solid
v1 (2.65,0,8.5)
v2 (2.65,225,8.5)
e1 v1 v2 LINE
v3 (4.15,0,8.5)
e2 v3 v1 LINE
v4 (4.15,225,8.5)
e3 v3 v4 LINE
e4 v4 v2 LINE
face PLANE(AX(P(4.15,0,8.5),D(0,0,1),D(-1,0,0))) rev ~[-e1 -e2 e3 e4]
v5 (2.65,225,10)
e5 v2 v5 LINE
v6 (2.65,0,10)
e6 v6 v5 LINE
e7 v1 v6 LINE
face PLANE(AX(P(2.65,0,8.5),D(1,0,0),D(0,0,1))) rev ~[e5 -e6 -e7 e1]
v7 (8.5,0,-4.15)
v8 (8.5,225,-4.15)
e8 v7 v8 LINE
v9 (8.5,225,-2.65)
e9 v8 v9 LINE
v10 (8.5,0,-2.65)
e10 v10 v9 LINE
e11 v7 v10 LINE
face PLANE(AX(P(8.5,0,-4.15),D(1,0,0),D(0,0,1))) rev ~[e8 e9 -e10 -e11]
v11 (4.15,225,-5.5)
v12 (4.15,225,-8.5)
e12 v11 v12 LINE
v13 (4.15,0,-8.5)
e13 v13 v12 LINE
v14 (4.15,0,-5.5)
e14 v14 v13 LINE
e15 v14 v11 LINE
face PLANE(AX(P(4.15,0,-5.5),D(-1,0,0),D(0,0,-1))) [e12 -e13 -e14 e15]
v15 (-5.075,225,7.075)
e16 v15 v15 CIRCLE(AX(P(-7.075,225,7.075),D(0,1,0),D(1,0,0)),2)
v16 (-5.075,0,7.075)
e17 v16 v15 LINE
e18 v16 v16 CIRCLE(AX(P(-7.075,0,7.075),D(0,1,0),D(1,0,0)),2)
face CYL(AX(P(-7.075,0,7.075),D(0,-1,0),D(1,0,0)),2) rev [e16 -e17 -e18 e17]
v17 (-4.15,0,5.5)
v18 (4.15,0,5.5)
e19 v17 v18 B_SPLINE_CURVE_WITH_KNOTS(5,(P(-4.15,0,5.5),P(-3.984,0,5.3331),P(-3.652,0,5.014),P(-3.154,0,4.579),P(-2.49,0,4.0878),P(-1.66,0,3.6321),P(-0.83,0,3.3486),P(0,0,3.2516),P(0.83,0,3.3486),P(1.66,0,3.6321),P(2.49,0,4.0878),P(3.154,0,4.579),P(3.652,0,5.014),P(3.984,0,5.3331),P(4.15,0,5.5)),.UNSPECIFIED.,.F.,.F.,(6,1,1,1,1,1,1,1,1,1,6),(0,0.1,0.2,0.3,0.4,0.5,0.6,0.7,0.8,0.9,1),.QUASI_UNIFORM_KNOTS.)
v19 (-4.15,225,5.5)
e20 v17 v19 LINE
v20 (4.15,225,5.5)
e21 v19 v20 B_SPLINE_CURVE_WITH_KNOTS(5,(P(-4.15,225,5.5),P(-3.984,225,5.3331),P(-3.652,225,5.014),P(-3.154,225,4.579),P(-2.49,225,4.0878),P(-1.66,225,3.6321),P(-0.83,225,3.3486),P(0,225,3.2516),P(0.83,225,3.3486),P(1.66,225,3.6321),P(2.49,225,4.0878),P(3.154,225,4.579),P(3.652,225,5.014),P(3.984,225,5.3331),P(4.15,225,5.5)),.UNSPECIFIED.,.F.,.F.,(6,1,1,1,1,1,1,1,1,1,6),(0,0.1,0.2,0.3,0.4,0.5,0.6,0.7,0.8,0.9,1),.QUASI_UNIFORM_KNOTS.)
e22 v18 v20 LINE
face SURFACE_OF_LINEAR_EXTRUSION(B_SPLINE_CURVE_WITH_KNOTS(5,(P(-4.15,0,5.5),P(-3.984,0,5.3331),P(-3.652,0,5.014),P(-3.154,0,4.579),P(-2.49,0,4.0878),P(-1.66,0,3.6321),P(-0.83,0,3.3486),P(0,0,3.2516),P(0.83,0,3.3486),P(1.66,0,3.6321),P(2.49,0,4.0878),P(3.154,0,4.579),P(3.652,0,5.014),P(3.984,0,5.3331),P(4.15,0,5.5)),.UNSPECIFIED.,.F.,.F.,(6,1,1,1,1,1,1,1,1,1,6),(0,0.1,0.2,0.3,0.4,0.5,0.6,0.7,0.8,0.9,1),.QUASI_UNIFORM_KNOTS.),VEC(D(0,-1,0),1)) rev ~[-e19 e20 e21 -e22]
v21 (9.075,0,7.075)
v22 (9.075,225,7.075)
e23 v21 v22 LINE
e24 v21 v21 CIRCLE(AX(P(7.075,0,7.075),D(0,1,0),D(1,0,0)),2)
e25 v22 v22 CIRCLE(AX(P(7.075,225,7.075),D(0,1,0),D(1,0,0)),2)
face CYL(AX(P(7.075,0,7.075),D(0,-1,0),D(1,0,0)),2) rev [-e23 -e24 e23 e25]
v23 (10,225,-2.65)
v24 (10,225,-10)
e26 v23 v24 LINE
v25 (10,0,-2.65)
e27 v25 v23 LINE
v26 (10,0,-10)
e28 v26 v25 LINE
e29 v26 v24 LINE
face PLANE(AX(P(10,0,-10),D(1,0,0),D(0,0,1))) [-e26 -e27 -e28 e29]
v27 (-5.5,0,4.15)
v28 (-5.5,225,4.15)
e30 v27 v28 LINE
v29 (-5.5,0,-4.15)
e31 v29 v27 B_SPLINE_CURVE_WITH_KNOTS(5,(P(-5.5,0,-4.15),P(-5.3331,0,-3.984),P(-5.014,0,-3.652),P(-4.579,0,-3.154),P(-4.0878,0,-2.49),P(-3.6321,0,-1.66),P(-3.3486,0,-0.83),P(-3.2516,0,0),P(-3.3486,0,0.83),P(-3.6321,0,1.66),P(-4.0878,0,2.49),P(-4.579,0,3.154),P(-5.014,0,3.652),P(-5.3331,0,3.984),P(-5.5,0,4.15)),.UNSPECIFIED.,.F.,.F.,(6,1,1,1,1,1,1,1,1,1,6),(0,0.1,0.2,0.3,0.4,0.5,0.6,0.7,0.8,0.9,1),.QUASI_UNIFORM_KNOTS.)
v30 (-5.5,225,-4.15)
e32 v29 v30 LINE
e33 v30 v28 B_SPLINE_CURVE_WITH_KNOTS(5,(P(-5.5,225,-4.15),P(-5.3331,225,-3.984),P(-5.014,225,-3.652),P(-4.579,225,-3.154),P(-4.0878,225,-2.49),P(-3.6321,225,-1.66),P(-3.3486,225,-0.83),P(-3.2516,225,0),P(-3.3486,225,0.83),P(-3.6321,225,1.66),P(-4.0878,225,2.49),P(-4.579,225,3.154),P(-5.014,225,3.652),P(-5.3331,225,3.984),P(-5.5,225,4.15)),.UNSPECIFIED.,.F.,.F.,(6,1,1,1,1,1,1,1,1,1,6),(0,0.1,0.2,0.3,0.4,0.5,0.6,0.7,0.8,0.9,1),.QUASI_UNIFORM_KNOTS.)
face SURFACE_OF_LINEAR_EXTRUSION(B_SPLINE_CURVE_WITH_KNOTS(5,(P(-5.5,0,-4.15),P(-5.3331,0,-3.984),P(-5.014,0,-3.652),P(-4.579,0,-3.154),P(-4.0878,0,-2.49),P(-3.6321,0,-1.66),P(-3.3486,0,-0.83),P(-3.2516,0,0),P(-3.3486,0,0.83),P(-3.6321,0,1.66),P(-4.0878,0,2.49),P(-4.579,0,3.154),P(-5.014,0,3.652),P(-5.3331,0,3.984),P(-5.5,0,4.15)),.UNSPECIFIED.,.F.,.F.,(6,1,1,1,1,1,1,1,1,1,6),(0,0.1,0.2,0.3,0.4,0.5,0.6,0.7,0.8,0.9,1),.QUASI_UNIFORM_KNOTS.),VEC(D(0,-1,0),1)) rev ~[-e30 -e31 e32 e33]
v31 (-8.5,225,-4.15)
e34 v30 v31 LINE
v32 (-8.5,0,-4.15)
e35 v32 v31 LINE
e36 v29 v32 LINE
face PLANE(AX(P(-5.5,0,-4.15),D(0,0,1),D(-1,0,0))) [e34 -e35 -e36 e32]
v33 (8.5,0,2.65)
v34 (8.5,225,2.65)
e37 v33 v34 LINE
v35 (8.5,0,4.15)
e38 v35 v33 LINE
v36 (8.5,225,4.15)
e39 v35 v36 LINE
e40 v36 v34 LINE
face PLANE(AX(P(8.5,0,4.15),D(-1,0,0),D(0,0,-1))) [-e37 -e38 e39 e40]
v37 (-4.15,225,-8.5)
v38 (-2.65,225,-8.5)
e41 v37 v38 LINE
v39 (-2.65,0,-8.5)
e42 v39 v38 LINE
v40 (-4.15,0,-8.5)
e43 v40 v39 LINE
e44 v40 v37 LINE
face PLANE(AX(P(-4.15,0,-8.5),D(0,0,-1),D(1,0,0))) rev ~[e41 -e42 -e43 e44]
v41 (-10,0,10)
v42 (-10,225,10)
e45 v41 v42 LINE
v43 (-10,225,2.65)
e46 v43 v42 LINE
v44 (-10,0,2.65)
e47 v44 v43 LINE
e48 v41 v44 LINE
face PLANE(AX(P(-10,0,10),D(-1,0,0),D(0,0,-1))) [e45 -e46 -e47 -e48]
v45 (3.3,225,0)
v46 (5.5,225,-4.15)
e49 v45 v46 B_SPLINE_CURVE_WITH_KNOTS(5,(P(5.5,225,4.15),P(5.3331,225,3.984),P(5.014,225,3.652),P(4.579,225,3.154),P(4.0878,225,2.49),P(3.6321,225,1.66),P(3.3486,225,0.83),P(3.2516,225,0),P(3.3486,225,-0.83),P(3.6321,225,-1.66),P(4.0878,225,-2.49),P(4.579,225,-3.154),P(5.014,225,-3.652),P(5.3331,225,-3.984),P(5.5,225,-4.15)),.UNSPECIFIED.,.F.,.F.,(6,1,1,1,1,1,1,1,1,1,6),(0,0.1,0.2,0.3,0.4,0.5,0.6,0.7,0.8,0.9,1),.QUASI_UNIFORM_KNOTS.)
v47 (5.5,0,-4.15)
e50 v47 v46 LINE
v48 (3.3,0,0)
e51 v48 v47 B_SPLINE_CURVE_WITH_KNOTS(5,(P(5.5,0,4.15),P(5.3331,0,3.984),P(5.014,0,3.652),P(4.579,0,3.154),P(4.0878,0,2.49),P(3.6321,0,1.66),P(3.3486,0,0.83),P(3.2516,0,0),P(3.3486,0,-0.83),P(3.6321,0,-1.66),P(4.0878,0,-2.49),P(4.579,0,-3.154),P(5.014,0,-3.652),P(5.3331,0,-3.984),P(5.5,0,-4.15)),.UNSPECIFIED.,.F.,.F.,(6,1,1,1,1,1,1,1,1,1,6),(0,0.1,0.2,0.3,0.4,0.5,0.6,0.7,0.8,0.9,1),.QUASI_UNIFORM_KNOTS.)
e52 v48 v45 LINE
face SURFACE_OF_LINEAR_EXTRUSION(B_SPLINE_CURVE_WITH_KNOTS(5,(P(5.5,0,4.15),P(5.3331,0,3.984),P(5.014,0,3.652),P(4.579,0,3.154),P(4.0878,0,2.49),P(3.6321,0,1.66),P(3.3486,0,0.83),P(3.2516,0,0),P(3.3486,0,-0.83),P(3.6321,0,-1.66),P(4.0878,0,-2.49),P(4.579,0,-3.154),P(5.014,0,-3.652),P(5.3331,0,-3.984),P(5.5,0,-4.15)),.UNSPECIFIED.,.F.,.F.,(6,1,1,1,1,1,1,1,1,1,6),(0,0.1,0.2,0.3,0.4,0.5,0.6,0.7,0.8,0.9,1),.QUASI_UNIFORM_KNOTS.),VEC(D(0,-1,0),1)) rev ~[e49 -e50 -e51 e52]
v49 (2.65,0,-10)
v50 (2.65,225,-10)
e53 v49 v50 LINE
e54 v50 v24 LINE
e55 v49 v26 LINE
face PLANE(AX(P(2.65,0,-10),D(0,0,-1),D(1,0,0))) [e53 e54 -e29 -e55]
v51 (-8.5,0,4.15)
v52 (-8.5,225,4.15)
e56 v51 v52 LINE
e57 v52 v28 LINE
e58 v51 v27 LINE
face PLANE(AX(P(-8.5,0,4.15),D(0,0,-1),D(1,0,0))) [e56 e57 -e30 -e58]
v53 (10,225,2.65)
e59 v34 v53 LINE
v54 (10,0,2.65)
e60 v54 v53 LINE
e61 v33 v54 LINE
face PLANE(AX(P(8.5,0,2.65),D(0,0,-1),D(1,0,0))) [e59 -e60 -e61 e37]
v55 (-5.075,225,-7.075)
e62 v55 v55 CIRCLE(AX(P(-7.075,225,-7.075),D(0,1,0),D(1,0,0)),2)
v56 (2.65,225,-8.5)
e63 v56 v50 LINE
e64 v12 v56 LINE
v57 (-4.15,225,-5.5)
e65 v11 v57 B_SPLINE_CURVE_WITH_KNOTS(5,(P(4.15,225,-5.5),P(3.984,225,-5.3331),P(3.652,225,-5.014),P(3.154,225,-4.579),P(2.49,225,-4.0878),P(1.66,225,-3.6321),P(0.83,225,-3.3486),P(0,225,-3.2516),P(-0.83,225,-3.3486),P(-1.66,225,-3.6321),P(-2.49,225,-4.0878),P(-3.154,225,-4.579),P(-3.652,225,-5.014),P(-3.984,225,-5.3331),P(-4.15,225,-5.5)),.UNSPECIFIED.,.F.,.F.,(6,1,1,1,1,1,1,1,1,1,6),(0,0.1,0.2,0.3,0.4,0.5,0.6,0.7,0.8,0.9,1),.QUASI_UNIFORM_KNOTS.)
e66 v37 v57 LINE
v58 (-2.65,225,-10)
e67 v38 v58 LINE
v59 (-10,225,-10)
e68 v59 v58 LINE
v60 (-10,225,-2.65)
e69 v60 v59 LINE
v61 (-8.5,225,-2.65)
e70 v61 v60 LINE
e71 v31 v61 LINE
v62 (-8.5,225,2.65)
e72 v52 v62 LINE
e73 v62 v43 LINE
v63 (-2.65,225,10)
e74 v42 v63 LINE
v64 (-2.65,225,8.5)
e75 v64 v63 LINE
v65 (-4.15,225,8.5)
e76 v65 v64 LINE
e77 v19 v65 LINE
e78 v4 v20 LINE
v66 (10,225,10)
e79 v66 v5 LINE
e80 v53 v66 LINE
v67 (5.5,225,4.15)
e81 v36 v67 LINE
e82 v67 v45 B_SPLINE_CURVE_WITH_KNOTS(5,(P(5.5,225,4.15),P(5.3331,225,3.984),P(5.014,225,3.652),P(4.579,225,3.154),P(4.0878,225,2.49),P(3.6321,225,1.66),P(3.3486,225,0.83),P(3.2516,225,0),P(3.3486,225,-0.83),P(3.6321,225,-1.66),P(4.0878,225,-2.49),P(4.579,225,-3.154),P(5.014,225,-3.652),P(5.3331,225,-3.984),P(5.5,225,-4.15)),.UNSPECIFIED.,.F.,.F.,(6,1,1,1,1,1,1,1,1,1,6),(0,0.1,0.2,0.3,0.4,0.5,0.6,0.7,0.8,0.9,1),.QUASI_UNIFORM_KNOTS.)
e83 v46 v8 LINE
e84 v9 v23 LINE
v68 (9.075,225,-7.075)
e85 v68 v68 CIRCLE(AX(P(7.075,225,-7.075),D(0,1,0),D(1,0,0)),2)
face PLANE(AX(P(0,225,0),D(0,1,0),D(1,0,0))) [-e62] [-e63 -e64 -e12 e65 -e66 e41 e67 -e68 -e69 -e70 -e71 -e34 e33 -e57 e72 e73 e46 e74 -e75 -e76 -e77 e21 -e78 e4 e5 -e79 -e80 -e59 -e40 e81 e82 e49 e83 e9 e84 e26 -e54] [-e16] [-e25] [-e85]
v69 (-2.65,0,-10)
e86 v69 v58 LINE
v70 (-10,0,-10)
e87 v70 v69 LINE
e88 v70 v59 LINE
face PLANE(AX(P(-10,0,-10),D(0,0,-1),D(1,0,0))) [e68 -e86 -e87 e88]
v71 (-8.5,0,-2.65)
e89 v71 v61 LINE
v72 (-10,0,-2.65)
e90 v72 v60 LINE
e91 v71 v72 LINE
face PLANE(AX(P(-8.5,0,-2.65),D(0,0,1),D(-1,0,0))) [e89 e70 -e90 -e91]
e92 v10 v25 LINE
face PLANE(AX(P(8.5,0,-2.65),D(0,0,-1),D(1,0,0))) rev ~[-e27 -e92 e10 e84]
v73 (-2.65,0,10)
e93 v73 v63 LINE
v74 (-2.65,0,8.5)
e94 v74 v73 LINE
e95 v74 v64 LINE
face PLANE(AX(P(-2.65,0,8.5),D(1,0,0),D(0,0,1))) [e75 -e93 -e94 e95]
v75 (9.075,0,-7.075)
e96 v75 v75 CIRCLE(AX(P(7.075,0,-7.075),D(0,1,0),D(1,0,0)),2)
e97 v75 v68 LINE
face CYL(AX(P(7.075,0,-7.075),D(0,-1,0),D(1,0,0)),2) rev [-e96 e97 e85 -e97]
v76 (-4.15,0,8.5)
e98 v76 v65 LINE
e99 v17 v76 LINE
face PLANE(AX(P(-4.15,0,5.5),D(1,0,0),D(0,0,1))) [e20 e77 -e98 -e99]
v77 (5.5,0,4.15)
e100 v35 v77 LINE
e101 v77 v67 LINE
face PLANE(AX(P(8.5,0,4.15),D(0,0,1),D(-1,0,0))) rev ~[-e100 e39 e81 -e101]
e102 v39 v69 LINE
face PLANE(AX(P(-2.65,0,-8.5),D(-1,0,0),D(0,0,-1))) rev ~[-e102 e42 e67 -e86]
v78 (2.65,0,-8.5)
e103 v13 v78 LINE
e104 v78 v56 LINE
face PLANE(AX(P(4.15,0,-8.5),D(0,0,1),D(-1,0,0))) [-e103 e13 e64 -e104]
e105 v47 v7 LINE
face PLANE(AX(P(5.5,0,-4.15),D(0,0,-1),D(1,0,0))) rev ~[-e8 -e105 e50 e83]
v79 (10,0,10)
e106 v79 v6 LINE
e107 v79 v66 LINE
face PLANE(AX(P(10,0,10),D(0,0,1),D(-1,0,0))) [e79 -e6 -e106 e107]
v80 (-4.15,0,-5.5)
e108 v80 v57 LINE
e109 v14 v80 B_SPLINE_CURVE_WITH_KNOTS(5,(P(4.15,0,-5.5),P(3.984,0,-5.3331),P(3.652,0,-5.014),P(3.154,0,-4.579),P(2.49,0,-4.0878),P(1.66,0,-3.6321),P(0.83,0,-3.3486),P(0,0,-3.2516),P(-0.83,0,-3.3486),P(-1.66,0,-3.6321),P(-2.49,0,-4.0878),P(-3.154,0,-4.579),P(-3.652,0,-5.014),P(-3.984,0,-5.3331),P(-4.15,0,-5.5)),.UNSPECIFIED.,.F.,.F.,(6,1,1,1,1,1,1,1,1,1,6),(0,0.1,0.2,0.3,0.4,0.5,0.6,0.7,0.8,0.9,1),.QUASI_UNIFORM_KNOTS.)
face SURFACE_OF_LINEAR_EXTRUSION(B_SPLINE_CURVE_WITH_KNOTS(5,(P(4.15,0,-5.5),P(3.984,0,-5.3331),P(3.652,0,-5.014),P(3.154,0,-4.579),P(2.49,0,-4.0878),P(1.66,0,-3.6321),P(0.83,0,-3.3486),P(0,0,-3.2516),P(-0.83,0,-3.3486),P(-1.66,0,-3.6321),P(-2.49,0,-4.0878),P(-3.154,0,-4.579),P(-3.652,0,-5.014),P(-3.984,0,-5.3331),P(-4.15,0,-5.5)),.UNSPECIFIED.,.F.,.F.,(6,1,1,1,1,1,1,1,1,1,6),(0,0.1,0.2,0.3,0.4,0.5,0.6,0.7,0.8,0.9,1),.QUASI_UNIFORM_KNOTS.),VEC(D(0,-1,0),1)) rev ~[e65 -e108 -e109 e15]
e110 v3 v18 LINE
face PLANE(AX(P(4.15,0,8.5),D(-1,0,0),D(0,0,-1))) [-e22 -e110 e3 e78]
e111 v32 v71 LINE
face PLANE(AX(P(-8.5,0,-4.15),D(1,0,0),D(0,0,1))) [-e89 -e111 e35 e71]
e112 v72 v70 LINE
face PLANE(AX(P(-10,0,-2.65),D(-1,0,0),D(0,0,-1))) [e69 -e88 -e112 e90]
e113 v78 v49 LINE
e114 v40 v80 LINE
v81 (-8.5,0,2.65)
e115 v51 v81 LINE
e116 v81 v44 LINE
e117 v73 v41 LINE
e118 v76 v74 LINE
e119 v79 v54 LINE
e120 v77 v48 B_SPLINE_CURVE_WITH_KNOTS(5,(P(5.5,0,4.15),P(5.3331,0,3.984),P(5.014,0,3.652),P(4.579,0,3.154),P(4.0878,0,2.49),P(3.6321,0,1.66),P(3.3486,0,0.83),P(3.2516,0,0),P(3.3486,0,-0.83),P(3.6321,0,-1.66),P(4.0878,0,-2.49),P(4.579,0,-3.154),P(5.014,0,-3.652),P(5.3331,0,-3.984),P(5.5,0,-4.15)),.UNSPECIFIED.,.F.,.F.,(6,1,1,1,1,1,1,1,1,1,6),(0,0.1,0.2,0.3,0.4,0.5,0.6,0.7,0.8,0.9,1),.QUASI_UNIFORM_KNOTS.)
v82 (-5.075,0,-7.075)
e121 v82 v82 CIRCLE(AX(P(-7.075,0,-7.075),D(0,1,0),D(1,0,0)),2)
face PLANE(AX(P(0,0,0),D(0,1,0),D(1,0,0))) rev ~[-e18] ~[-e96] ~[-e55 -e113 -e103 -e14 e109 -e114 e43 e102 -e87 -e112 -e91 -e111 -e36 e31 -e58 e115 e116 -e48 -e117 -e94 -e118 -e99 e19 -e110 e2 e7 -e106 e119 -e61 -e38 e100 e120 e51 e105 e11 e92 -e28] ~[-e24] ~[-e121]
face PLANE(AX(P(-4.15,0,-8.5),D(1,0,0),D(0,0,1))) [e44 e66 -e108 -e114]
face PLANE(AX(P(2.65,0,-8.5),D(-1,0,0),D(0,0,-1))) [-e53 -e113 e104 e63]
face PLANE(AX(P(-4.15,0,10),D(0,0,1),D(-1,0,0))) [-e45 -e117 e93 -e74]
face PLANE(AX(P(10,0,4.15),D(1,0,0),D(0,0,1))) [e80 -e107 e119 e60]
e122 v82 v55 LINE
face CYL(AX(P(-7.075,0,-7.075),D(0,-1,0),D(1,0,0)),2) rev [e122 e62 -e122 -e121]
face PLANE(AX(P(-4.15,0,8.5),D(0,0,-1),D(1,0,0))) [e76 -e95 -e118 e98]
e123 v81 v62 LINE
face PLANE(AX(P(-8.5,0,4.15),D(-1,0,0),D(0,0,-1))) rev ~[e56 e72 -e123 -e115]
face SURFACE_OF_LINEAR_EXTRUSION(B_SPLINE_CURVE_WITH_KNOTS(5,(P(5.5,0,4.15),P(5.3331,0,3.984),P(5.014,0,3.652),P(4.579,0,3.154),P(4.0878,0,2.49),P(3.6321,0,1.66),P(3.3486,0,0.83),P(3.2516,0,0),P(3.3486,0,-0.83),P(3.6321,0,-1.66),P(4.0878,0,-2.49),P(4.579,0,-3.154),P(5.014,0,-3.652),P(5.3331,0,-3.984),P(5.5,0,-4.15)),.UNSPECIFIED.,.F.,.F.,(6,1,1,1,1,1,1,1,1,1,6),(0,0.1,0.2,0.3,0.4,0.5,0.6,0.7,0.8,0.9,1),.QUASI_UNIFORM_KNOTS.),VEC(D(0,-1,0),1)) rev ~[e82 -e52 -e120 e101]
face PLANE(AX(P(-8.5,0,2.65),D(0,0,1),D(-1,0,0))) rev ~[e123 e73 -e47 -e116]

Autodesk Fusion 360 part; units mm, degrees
sketch "스케치1" plane through (0, 0, 0) normal (0, 1, 0) x (1, 0, 0)
  line L0 (10, -10) -> (-10, -10)
  line L1 (-10, -10) -> (-10, 10)
  line L2 (-10, 10) -> (10, 10)
  line L3 (10, 10) -> (10, -10)
  line L4 (10, -10) -> (-10, 10) construction
  line L5 (-10, -10) -> (10, 10) construction
  line L6 (10, 0) -> (10, -4.15)
  line L7 (3.3, 0) -> (3.3, 4.15)
  line L8 (3.3, 4.15) -> (10, 4.15)
  line L9 (10, 4.15) -> (10, -4.15)
  line L10 (10, -4.15) -> (3.3, -4.15)
  line L11 (3.3, -4.15) -> (3.3, 4.15)
  line L12 (10, -4.15) -> (8.5, -4.15)
  line L13 (8.5, -4.15) -> (8.5, -2.65)
  line L14 (8.5, -2.65) -> (10, -2.65)
  line L15 (10, -2.65) -> (10, -4.15)
  line L16 (10, 4.15) -> (8.5, 4.15)
  line L17 (8.5, 4.15) -> (8.5, 2.65)
  line L18 (8.5, 2.65) -> (10, 2.65)
  line L19 (10, 2.65) -> (10, 4.15)
  line L20 (8.5, 4.15) -> (5.5, 4.15)
  line L21 (5.5, 4.15) -> (5.5, -4.15)
  line L22 (5.5, -4.15) -> (8.5, -4.15)
  line L23 (8.5, -4.15) -> (8.5, 4.15)
  spline S0 degree 5 poles (5.5, -4.15) (5.3331, -3.984) (5.014, -3.652) (4.579, -3.154) (4.0878, -2.49) (3.6321, -1.66) (3.3486, -0.83) (3.2516, 0) (3.3486, 0.83) (3.6321, 1.66) (4.0878, 2.49) (4.579, 3.154) (5.014, 3.652) (5.3331, 3.984) (5.5, 4.15) knots 0 0 0 0 0 0 0.1 0.2 0.3 0.4 0.5 0.6 0.7 0.8 0.9 1 1 1 1 1 1
  spline S1 degree 5 poles (4.15, 5.5) (3.984, 5.3331) (3.652, 5.014) (3.154, 4.579) (2.49, 4.0878) (1.66, 3.6321) (0.83, 3.3486) (0, 3.2516) (-0.83, 3.3486) (-1.66, 3.6321) (-2.49, 4.0878) (-3.154, 4.579) (-3.652, 5.014) (-3.984, 5.3331) (-4.15, 5.5) knots 0 0 0 0 0 0 0.1 0.2 0.3 0.4 0.5 0.6 0.7 0.8 0.9 1 1 1 1 1 1
  line L24 (4.15, 5.5) -> (4.15, 8.5)
  line L25 (4.15, 8.5) -> (2.65, 8.5)
  line L26 (2.65, 8.5) -> (2.65, 10)
  line L27 (-4.15, 8.5) -> (-4.15, 5.5)
  line L28 (-4.15, 8.5) -> (-2.65, 8.5)
  line L29 (-2.65, 8.5) -> (-2.65, 10)
  spline S2 degree 5 poles (-5.5, 4.15) (-5.3331, 3.984) (-5.014, 3.652) (-4.579, 3.154) (-4.0878, 2.49) (-3.6321, 1.66) (-3.3486, 0.83) (-3.2516, 0) (-3.3486, -0.83) (-3.6321, -1.66) (-4.0878, -2.49) (-4.579, -3.154) (-5.014, -3.652) (-5.3331, -3.984) (-5.5, -4.15) knots 0 0 0 0 0 0 0.1 0.2 0.3 0.4 0.5 0.6 0.7 0.8 0.9 1 1 1 1 1 1
  line L30 (-5.5, 4.15) -> (-8.5, 4.15)
  line L31 (-8.5, 4.15) -> (-8.5, 2.65)
  line L32 (-8.5, 2.65) -> (-10, 2.65)
  line L33 (-8.5, -4.15) -> (-5.5, -4.15)
  line L34 (-8.5, -4.15) -> (-8.5, -2.65)
  line L35 (-8.5, -2.65) -> (-10, -2.65)
  spline S3 degree 5 poles (-4.15, -5.5) (-3.984, -5.3331) (-3.652, -5.014) (-3.154, -4.579) (-2.49, -4.0878) (-1.66, -3.6321) (-0.83, -3.3486) (0, -3.2516) (0.83, -3.3486) (1.66, -3.6321) (2.49, -4.0878) (3.154, -4.579) (3.652, -5.014) (3.984, -5.3331) (4.15, -5.5) knots 0 0 0 0 0 0 0.1 0.2 0.3 0.4 0.5 0.6 0.7 0.8 0.9 1 1 1 1 1 1
  line L36 (-4.15, -5.5) -> (-4.15, -8.5)
  line L37 (-4.15, -8.5) -> (-2.65, -8.5)
  line L38 (-2.65, -8.5) -> (-2.65, -10)
  line L39 (4.15, -8.5) -> (4.15, -5.5)
  line L40 (4.15, -8.5) -> (2.65, -8.5)
  line L41 (2.65, -8.5) -> (2.65, -10)
  line L42 (-10, -10) -> (-4.15, -10)
  line L43 (-4.15, -10) -> (-4.15, -4.15)
  line L44 (-4.15, -4.15) -> (-10, -4.15)
  line L45 (-10, -4.15) -> (-10, -10)
  circle A0 centre (-7.075, -7.075) radius 2
  circle A1 centre (7.075, -7.075) radius 2
  circle A2 centre (7.075, 7.075) radius 2
  circle A3 centre (-7.075, 7.075) radius 2
  point P0 (0, 3.3)
  point P1 (-3.3, 0)
  point P2 (0, -3.3)
  dimension "d1" = 20
  dimension "d2" = 20
  dimension "d3" = 6.7
  dimension "d4" = 4.15
  dimension "d5" = 4.15
  dimension "d6" = 1.5
  dimension "d7" = 1.5
  dimension "d8" = 1.5
  dimension "d9" = 1.5
  dimension "d10" = 3
  dimension "d12" = 360
  dimension "d13" = 5.85
  dimension "d14" = 4
  dimension "d16" = 360
extrude "돌출1" add sketch "스케치1" along normal blind 225 contours L0 L1 L2 L3 L7 L8 L10 L11 L12 L16 L20 L22 S1 L24 L25 L26 L27 L28 L29 S2 L30 L31 L32 S3 L39 L40 L41 L43 L44 | L3 L6 L9 L10 L12 L13 L14 L15 L23 | L0 L37 L38 L43 | L0 L1 L33 L36 L42 L43 L44 L45 | L10 L11 S0 | L3 L8 L9 L16 L17 L18 L19 L23 | L7 L8 L11 S0 | L1 L34 L35 L44
